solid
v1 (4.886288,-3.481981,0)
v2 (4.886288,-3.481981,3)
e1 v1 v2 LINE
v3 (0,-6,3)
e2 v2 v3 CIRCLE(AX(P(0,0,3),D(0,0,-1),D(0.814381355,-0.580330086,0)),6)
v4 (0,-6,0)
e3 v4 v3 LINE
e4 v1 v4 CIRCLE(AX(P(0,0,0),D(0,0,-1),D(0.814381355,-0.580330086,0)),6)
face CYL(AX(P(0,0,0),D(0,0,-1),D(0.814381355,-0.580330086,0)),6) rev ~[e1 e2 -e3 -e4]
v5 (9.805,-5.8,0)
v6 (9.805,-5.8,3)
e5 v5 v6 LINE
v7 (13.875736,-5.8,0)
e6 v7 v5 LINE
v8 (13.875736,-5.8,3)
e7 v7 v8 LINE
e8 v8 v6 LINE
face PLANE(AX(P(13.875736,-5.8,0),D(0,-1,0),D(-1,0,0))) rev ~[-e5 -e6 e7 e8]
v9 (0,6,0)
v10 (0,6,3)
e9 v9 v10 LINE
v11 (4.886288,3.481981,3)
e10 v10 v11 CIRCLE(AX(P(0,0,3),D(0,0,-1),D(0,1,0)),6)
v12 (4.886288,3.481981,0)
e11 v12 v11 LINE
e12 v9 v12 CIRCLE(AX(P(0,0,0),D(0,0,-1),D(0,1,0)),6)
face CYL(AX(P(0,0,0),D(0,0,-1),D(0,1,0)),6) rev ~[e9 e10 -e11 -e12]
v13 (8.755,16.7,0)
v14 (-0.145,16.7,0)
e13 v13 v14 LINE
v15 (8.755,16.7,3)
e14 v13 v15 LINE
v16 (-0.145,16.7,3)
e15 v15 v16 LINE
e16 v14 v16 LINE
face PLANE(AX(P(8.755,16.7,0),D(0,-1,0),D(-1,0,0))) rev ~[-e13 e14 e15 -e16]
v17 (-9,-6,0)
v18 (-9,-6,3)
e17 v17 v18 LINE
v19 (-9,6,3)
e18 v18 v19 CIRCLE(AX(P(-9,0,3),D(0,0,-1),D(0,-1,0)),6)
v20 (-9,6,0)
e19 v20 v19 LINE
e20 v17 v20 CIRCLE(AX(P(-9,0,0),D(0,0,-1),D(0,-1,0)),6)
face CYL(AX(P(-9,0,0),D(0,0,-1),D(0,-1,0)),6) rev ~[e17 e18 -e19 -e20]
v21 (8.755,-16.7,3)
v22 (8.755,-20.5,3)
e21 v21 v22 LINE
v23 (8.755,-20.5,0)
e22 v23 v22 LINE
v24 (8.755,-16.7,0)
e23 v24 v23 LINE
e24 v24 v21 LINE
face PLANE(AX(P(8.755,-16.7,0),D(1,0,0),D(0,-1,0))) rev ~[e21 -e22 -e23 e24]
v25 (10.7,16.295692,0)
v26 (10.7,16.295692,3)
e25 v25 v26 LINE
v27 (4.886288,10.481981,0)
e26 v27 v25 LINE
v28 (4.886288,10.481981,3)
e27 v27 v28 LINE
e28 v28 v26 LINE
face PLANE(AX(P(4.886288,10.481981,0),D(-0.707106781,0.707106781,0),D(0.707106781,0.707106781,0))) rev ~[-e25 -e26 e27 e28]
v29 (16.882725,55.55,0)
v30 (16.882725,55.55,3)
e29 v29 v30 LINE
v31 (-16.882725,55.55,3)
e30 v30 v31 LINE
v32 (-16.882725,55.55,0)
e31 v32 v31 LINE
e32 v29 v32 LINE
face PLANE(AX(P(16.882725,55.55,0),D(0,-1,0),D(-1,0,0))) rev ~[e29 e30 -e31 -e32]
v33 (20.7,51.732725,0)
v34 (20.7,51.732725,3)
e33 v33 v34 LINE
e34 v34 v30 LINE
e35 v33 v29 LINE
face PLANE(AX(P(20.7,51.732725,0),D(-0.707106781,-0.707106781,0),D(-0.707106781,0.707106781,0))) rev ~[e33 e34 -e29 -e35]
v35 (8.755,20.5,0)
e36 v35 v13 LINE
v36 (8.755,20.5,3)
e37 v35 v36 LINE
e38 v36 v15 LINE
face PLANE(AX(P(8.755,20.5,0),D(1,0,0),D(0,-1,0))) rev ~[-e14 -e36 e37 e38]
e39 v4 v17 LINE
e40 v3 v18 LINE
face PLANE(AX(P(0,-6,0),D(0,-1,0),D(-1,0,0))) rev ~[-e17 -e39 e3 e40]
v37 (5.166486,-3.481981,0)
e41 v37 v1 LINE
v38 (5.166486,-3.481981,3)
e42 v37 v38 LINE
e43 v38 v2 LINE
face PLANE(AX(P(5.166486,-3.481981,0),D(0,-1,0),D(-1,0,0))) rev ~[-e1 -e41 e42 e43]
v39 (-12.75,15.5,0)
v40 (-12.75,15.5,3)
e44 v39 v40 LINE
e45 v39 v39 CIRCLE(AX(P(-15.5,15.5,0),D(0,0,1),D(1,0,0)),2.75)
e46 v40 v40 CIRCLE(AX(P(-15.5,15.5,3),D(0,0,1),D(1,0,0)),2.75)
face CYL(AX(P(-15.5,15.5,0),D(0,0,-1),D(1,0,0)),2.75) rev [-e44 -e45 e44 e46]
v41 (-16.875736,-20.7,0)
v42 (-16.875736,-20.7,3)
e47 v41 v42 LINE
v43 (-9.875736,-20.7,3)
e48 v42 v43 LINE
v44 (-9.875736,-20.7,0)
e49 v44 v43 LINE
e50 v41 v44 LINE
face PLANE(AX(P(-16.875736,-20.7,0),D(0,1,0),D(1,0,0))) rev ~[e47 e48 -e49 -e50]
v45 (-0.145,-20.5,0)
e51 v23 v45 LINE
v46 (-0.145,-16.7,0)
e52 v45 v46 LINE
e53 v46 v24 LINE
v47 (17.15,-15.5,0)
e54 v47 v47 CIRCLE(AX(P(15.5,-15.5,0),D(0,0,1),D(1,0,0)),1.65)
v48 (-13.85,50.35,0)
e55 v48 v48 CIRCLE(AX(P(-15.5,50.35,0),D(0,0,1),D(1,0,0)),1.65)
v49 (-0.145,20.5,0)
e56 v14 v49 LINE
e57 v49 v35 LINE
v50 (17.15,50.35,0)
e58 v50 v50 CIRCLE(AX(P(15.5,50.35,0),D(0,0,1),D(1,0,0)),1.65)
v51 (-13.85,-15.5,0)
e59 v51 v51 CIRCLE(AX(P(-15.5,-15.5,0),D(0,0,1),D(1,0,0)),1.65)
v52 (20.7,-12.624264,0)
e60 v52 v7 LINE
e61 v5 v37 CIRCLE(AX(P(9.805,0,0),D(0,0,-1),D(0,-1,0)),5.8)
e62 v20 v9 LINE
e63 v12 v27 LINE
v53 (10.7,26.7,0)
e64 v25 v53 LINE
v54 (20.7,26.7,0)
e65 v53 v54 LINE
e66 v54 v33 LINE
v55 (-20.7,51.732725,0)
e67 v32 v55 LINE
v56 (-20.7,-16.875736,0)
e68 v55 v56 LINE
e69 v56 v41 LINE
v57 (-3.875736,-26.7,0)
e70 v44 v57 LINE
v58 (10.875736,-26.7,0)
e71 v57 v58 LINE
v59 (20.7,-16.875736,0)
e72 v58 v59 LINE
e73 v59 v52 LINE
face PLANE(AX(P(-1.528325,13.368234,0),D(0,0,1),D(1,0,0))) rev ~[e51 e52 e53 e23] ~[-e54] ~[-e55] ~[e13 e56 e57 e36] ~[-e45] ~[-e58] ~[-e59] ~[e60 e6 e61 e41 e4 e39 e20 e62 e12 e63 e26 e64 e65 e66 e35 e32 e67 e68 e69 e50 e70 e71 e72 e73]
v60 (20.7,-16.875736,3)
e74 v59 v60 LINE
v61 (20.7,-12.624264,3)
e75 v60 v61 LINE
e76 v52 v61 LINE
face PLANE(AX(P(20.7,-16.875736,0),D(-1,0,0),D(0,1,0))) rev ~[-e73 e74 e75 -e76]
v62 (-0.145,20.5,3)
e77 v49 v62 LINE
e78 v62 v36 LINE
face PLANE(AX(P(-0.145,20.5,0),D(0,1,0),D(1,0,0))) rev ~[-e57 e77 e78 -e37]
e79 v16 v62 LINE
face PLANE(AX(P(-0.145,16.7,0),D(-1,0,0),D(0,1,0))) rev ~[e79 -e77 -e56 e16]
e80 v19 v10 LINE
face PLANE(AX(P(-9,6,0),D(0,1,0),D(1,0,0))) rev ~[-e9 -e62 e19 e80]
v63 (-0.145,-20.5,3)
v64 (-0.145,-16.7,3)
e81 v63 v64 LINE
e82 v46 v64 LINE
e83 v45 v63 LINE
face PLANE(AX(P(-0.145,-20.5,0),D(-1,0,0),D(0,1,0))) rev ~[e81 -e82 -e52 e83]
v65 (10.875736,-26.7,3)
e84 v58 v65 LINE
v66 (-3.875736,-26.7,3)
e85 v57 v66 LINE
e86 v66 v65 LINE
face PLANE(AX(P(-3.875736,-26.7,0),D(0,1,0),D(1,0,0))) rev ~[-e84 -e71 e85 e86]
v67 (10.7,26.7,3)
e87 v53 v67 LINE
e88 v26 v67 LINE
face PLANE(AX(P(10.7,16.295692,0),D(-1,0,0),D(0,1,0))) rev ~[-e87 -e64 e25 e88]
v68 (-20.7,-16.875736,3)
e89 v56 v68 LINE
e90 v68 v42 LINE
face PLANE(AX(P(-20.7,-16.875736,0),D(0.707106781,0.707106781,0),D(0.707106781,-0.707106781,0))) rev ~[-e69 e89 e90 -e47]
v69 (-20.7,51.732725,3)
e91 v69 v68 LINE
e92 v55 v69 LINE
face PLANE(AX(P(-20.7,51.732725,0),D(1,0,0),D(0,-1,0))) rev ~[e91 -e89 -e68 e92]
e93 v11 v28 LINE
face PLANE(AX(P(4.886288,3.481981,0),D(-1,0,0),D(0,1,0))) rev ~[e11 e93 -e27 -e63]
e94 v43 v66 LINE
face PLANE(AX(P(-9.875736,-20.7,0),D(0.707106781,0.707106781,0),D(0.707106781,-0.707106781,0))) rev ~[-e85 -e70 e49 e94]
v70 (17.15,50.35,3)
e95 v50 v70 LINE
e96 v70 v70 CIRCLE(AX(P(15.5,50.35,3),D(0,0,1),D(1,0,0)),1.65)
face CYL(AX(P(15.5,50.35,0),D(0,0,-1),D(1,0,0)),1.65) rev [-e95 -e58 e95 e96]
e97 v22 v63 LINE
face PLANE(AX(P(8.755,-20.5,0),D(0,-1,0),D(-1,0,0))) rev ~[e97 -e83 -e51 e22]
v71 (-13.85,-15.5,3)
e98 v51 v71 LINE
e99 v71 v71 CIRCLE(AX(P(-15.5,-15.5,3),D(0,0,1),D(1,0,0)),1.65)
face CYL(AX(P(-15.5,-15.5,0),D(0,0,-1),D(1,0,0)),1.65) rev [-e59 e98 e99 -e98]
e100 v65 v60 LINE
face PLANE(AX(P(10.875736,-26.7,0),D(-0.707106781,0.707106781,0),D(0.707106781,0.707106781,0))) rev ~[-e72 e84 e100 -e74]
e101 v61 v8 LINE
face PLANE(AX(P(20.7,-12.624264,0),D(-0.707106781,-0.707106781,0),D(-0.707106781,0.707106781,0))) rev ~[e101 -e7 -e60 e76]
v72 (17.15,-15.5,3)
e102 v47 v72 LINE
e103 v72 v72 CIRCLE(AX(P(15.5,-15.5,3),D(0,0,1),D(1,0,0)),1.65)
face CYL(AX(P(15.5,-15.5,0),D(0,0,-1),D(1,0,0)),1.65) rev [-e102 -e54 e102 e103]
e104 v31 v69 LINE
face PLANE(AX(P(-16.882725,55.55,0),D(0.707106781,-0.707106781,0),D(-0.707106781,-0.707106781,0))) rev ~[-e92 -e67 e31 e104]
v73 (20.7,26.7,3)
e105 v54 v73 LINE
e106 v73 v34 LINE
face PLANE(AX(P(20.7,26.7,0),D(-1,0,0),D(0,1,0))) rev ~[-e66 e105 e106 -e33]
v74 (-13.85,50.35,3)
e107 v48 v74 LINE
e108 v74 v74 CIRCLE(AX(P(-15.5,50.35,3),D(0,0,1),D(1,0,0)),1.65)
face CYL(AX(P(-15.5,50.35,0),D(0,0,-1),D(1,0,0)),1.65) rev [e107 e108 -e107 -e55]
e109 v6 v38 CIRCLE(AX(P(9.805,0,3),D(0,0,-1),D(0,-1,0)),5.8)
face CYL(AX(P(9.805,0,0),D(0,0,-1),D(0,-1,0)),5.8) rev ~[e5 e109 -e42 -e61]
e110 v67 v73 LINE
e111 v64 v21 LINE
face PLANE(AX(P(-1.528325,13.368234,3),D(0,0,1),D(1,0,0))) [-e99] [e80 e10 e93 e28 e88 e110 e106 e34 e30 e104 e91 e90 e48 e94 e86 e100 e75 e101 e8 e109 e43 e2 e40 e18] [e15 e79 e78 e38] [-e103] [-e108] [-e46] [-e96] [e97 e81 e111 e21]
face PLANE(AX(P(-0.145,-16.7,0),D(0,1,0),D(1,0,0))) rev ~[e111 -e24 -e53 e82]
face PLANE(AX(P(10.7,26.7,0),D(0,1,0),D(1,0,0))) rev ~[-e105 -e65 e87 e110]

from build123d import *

# Parameters (mm, degrees)
SKETCH1_R           = 1.65
SKETCH1_R_2         = 2.75
BOSS_EXTRUDE1_DEPTH = 3


with BuildPart() as part:
    # Sketch1 → Boss-Extrude1 (new body)
    with BuildSketch(Plane.XY):
        with BuildLine():
            Line((10.7, 26.7), (20.7, 26.7))
            Line((20.7, 26.7), (20.7, 51.73272542))
            Line((20.7, 51.73272542), (16.88272542, 55.55))
            Line((16.88272542, 55.55), (6.037050808, 55.55))
            Line((6.037050808, 55.55), (2.572949192, 55.55))
            Line((2.572949192, 55.55), (-16.88272542, 55.55))
            Line((-16.88272542, 55.55), (-20.7, 51.73272542))
            Line((-20.7, 51.73272542), (-20.7, 16.875735931))
            Line((-20.7, 16.875735931), (-20.7, -16.875735931))
            Line((-20.7, -16.875735931), (-16.875735931, -20.7))
            Line((-16.875735931, -20.7), (-9.875735931, -20.7))
            Line((-9.875735931, -20.7), (-3.875735931, -26.7))
            Line((-3.875735931, -26.7), (2.572949192, -26.7))
            Line((2.572949192, -26.7), (6.037050808, -26.7))
            Line((6.037050808, -26.7), (10.875735931, -26.7))
            Line((10.875735931, -26.7), (20.7, -16.875735931))
            Line((20.7, -16.875735931), (20.7, -12.624264069))
            Line((20.7, -12.624264069), (13.875735931, -5.8))
            Line((13.875735931, -5.8), (9.805, -5.8))
            ThreePointArc((9.805, -5.8), (7.212268524, -5.188231249), (5.166486047, -3.481980515))
            Line((5.166486047, -3.481980515), (4.88628813, -3.481980515))
            ThreePointArc((4.88628813, -3.481980515), (2.748464745, -5.333473685), (0, -6))
            Line((0, -6), (-9, -6))
            ThreePointArc((-9, -6), (-15, 0), (-9, 6))
            Line((-9, 6), (0, 6))
            ThreePointArc((0, 6), (2.748464745, 5.333473685), (4.88628813, 3.481980515))
            Line((4.88628813, 3.481980515), (4.88628813, 10.481980515))
            Line((4.88628813, 10.481980515), (10.7, 16.295692385))
            Line((10.7, 16.295692385), (10.7, 26.7))
        make_face()
        with Locations((-15.5, -15.5)):
            Circle(SKETCH1_R, mode=Mode.SUBTRACT)
        Polygon((6.037050808, -20.5), (2.572949192, -20.5), (-0.145, -20.5), (-0.145, -16.7), (8.755, -16.7), (8.755, -20.5), align=None, mode=Mode.SUBTRACT)
        with Locations((15.5, -15.5)):
            Circle(SKETCH1_R, mode=Mode.SUBTRACT)
        with Locations((-15.5, 15.5)):
            Circle(SKETCH1_R_2, mode=Mode.SUBTRACT)
        with Locations((-15.5, 50.35)):
            Circle(SKETCH1_R, mode=Mode.SUBTRACT)
        Polygon((-0.145, 20.5), (2.572949192, 20.5), (6.037050808, 20.5), (8.755, 20.5), (8.755, 16.7), (-0.145, 16.7), align=None, mode=Mode.SUBTRACT)
        with Locations((15.5, 50.35)):
            Circle(SKETCH1_R, mode=Mode.SUBTRACT)
    extrude(amount=BOSS_EXTRUDE1_DEPTH)


solid = part.part
